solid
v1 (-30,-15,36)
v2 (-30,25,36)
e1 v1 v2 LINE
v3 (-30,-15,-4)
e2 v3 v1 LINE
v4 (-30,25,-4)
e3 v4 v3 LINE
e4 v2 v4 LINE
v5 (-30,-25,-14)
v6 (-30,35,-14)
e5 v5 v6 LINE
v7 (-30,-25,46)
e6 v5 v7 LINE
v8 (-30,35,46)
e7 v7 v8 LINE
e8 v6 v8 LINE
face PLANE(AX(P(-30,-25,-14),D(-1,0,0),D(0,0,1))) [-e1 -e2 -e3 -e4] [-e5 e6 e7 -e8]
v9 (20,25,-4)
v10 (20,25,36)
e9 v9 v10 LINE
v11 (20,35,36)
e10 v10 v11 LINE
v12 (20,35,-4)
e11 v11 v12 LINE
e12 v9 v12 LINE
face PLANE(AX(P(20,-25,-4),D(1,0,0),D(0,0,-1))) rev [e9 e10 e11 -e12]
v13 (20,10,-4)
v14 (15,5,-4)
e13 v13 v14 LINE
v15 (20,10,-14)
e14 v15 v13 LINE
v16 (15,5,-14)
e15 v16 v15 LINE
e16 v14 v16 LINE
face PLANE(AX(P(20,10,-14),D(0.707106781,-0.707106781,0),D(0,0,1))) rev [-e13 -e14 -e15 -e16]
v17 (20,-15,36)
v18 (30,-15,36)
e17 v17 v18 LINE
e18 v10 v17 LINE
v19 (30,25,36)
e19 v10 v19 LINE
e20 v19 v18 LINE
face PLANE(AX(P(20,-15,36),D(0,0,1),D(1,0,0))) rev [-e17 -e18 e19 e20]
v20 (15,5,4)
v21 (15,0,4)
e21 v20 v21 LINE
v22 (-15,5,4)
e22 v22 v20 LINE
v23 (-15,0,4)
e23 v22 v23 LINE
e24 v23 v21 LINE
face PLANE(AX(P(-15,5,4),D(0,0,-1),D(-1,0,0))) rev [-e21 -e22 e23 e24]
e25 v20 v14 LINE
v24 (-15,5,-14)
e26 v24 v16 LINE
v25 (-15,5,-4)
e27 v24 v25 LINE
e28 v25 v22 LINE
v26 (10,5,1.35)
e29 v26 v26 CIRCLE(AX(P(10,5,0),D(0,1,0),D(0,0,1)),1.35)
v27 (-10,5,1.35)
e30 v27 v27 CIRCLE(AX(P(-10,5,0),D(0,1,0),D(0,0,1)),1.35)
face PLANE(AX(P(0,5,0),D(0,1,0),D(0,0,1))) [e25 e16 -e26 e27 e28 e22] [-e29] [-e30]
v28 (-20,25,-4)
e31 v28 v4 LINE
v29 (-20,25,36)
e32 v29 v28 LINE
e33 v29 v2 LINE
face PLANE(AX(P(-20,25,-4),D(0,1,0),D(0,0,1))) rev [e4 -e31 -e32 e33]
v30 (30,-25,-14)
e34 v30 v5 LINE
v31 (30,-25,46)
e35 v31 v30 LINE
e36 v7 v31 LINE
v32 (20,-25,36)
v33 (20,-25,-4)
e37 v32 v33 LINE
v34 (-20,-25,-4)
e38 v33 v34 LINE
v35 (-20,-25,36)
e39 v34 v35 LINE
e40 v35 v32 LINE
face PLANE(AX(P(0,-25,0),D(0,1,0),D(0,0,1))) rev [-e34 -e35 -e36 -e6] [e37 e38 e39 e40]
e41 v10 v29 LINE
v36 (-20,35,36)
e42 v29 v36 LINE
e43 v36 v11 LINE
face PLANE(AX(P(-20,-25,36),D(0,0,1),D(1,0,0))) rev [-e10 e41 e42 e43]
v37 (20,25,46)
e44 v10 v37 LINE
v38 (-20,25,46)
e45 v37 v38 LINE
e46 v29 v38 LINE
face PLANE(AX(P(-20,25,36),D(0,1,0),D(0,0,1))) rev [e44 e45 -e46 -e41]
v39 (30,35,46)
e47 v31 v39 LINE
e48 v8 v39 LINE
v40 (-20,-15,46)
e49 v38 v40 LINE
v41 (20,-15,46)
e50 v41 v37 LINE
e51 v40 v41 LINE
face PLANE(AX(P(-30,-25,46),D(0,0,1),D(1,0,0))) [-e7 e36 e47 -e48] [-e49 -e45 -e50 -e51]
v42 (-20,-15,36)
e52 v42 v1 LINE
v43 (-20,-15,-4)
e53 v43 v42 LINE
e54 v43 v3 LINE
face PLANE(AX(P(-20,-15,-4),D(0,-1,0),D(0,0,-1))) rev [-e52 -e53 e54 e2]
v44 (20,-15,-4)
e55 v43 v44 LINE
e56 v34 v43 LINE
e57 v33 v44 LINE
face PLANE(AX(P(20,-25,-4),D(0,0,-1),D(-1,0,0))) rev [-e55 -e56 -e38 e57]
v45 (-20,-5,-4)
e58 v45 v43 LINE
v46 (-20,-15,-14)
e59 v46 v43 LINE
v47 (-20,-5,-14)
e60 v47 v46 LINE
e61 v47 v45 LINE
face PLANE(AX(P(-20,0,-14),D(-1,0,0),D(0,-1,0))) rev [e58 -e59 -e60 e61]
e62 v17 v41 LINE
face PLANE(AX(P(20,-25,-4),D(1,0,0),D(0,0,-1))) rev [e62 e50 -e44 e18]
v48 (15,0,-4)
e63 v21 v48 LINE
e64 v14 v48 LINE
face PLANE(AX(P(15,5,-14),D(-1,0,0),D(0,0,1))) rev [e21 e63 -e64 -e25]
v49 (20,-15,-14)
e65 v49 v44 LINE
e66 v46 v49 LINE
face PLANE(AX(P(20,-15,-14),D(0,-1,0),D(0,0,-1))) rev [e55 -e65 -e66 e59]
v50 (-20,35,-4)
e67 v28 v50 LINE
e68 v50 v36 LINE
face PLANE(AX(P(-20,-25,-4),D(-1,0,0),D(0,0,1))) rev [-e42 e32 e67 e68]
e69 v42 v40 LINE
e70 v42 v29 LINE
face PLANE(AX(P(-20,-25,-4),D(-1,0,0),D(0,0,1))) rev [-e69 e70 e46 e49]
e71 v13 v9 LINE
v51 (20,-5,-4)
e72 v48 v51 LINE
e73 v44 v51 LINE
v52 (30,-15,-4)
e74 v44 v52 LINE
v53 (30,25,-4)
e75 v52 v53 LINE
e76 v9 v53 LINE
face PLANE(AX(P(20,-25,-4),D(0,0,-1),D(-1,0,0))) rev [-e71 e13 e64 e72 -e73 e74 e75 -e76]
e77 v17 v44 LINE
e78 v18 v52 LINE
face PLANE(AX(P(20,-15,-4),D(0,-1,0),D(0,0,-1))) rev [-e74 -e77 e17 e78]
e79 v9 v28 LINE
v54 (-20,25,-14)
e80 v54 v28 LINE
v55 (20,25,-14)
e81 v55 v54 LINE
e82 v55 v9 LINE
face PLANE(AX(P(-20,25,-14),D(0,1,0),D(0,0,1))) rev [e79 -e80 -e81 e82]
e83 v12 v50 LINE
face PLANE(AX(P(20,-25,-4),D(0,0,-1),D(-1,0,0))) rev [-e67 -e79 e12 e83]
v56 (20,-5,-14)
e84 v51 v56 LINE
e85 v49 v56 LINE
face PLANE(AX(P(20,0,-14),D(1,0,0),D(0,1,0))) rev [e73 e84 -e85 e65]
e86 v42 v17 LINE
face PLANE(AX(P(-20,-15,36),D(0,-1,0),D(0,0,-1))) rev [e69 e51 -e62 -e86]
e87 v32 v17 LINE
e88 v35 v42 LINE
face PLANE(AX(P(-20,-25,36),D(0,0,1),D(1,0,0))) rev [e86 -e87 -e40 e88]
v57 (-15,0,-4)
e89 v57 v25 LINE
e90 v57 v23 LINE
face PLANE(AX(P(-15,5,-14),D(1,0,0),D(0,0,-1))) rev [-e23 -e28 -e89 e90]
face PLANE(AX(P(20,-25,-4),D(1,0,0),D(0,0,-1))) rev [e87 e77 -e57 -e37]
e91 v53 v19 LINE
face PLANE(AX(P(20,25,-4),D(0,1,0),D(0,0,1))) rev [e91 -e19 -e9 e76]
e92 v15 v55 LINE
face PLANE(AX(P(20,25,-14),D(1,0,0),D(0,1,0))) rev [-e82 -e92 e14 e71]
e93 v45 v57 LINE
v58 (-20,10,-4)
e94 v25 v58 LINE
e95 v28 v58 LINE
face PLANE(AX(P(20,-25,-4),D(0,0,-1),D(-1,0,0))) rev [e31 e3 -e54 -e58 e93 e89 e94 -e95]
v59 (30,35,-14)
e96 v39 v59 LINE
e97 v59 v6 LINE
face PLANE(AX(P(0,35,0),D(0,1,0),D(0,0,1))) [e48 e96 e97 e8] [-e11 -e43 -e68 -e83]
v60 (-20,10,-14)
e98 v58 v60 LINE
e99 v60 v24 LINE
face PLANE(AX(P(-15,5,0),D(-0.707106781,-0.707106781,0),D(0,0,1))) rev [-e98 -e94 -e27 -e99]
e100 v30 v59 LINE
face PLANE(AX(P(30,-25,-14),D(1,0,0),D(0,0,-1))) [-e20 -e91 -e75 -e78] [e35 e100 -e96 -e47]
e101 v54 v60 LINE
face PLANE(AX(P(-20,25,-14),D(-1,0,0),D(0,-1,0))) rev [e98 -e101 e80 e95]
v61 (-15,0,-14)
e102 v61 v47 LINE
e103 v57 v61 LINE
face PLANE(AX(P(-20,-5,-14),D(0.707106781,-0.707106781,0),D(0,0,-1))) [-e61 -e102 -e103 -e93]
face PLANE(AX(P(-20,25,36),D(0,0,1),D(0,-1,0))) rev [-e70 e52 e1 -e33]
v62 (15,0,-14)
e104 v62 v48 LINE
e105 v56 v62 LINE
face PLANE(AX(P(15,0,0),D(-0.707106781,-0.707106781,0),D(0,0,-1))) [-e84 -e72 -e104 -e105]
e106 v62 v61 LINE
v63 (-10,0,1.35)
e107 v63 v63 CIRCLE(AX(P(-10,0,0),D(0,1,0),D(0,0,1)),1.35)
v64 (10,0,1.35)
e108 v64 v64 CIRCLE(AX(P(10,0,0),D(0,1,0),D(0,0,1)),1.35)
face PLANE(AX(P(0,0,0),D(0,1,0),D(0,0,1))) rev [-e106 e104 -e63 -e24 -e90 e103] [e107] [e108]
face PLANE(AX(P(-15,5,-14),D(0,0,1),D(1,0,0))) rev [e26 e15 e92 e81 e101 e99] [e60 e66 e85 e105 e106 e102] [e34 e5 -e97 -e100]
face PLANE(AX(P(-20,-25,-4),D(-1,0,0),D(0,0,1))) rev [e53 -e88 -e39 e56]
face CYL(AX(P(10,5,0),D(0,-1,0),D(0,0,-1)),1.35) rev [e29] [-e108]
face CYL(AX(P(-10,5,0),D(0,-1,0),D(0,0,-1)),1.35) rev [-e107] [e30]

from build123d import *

# Parameters (mm, degrees)
SKETCH_1_W           = 30
SKETCH_1_H           = 18
SKETCH_1_R           = 1.35
EXTRUDE_1_DEPTH      = 5
SKETCH_2_W           = 60
SKETCH_2_H           = 60
SKETCH_2_W_2         = 40
SKETCH_2_H_2         = 40
EXTRUDE_2_DEPTH      = 30
EXTRUDE_2_DEPTH_BACK = 30
SKETCH_3_W           = 40
SKETCH_3_H           = 40
CUT_EXTRUDE_1_DEPTH  = 10
SKETCH_4_W           = 40
SKETCH_4_H           = 40
CUT_EXTRUDE_2_DEPTH  = 10
SKETCH_5_W           = 40
SKETCH_5_H           = 40
CUT_EXTRUDE_3_DEPTH  = 10
SKETCH_6_W           = 40
SKETCH_6_H           = 20
SKETCH_6_H_2         = 15
CUT_EXTRUDE_4_DEPTH  = 10
CHAMFER_1_SIZE       = 5


with BuildPart() as part:
    # 스케치1 → 보스-돌출1 (new body)
    with BuildSketch(Plane(origin=(0, 0, 0), x_dir=(1, 0, 0), z_dir=(0, 1, 0))):
        with Locations((0, 5)):
            Rectangle(SKETCH_1_W, SKETCH_1_H)
        with Locations((-10, 0)):
            Circle(SKETCH_1_R, mode=Mode.SUBTRACT)
        with Locations((10, 0)):
            Circle(SKETCH_1_R, mode=Mode.SUBTRACT)
    extrude(amount=EXTRUDE_1_DEPTH)

    # 스케치2 → 보스-돌출2 (add, two sides)
    with BuildSketch(Plane(origin=(0, 5, 0), x_dir=(1, 0, 0), z_dir=(0, 1, 0))) as extrude_2_sk:
        with Locations((0, -16)):
            Rectangle(SKETCH_2_W, SKETCH_2_H)
        with Locations((0, -16)):
            Rectangle(SKETCH_2_W_2, SKETCH_2_H_2, mode=Mode.SUBTRACT)
    extrude(amount=EXTRUDE_2_DEPTH)
    extrude(extrude_2_sk.sketch, amount=-EXTRUDE_2_DEPTH_BACK)

    # 스케치3 → 컷-돌출1 (cut)
    with BuildSketch(Plane.XY.offset(46)):
        with Locations((0, 5)):
            Rectangle(SKETCH_3_W, SKETCH_3_H)
    extrude(amount=-CUT_EXTRUDE_1_DEPTH, mode=Mode.SUBTRACT)

    # 스케치4 → 컷-돌출2 (cut)
    with BuildSketch(Plane.ZY.offset(30)):
        with Locations((16, 5)):
            Rectangle(SKETCH_4_W, SKETCH_4_H)
    extrude(amount=-CUT_EXTRUDE_2_DEPTH, mode=Mode.SUBTRACT)

    # 스케치5 → 컷-돌출3 (cut)
    with BuildSketch(Plane(origin=(30, 0, 0), x_dir=(0, 0, -1), z_dir=(1, 0, 0))):
        with Locations((-16, 5)):
            Rectangle(SKETCH_5_W, SKETCH_5_H)
    extrude(amount=-CUT_EXTRUDE_3_DEPTH, mode=Mode.SUBTRACT)

    # 스케치6 → 컷-돌출4 (cut)
    with BuildSketch(Plane.XY.offset(-4)):
        with Locations((0, 15)):
            Rectangle(SKETCH_6_W, SKETCH_6_H)
        with Locations((0, -7.5)):
            Rectangle(SKETCH_6_W, SKETCH_6_H_2)
    extrude(amount=-CUT_EXTRUDE_4_DEPTH, mode=Mode.SUBTRACT)

    # 모따기1
    chamfer_1_edges = [part.edges().sort_by_distance(p)[0] for p in [
        (20, 5, -9),
        (-20, 5, -9),
        (-20, 0, -9),
        (20, 0, -9),
    ]]
    chamfer(chamfer_1_edges, length=CHAMFER_1_SIZE)


solid = part.part
